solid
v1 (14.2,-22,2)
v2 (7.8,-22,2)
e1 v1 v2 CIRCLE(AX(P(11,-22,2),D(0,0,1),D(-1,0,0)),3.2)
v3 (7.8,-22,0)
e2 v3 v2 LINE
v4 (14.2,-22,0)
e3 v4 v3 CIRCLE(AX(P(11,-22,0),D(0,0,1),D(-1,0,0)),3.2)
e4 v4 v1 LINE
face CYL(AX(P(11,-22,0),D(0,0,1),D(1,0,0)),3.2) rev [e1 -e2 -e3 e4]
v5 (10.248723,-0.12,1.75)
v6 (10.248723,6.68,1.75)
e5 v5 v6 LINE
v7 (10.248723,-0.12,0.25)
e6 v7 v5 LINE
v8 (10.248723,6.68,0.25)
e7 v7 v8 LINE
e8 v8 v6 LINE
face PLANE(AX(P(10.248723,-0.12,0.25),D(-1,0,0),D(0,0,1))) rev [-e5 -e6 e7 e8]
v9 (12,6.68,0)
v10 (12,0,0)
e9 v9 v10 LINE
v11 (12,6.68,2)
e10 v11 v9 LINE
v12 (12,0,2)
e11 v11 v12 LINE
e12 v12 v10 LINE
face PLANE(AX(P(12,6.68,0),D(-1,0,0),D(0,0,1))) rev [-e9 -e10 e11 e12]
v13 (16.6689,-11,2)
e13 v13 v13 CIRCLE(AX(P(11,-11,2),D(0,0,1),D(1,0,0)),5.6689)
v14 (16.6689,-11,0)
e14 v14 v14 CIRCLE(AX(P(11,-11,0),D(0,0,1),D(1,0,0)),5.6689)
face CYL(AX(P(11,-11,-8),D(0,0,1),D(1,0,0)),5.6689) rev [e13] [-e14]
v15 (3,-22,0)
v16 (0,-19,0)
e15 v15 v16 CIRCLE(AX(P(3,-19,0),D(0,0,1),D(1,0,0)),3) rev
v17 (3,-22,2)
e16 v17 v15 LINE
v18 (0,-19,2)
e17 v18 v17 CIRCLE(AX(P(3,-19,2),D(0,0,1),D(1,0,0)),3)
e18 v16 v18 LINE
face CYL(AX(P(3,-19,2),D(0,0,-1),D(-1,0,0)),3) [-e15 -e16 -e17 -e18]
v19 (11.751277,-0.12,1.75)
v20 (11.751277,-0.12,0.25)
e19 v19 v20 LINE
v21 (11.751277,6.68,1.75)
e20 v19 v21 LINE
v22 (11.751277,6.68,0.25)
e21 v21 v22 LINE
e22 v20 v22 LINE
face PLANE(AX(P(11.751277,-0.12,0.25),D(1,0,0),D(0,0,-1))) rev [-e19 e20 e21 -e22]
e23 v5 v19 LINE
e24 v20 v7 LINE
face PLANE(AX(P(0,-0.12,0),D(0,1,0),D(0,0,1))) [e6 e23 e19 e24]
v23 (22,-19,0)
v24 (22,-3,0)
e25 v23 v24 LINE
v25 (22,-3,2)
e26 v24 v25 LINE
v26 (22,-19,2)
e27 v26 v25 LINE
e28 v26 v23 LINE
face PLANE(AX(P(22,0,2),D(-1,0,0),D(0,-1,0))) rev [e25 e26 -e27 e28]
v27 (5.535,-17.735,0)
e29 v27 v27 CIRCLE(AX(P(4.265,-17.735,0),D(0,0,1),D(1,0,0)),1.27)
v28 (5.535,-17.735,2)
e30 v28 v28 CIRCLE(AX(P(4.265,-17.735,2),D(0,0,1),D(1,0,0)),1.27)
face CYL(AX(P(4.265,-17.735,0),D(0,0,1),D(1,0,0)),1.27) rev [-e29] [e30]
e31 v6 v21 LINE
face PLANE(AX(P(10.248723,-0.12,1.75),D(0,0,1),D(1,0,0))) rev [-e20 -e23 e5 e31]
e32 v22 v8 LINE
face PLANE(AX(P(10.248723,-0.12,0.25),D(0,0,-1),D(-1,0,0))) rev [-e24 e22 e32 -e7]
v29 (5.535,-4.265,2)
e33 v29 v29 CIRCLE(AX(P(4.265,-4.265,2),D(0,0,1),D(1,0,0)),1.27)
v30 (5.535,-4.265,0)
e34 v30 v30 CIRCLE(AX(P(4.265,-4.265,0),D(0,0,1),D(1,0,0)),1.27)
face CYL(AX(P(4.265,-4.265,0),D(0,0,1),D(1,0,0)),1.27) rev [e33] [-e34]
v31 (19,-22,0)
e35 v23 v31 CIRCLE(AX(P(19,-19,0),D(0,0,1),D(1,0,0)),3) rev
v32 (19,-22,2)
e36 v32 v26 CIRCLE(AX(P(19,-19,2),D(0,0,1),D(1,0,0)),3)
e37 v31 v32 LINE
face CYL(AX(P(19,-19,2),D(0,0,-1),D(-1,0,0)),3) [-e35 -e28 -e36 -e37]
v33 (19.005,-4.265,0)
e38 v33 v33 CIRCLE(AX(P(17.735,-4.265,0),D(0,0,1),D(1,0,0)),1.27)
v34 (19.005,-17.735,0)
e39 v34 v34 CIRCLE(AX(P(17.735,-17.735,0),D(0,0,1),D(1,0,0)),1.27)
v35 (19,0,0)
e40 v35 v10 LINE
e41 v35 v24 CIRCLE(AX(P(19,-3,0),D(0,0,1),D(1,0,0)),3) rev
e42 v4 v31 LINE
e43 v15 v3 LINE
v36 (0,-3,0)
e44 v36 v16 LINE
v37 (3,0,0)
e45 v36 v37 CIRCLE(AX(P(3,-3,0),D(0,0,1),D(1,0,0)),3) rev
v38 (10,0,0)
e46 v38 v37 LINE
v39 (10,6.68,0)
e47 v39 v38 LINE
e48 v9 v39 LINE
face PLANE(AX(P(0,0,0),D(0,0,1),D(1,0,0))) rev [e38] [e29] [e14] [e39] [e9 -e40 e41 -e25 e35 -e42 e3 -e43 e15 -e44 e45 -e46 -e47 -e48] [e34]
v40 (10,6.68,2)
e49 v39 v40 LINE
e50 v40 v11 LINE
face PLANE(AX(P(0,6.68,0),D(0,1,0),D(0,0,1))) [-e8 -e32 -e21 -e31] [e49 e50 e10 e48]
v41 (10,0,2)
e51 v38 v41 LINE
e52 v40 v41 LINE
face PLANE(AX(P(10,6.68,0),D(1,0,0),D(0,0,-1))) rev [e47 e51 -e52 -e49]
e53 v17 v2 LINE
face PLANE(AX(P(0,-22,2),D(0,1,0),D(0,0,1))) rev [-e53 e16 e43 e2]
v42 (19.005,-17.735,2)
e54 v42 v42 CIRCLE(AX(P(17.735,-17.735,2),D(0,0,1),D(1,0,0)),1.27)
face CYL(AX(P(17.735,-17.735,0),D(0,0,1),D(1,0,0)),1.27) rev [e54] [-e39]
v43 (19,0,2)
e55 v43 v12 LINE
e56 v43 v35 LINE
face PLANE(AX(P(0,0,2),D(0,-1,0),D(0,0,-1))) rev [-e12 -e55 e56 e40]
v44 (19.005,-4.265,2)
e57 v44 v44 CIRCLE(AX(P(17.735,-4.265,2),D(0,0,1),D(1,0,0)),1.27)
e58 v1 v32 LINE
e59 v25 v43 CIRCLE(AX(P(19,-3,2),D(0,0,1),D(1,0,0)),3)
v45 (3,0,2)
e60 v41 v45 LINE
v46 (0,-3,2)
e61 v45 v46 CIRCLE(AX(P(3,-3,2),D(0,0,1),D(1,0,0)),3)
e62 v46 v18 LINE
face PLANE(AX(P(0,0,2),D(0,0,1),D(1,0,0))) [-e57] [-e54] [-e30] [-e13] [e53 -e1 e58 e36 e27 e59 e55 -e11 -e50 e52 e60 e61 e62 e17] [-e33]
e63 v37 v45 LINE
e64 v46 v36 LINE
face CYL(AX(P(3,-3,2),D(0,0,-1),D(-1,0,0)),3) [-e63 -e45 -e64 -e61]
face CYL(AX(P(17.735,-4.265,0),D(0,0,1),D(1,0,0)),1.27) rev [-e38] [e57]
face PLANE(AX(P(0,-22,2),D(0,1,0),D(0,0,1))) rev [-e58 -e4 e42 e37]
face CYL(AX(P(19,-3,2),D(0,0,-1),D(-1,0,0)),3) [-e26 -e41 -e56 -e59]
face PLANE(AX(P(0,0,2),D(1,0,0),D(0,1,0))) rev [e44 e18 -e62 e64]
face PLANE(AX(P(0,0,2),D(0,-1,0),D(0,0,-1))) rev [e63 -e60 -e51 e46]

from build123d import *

# Parameters (mm, degrees)
SKETCH1_W           = 22
SKETCH1_H           = 22
BOSS_EXTRUDE1_DEPTH = 2
FILLET1_R           = 3
SKETCH2_R           = 1.27
CUT_EXTRUDE1_DEPTH  = 32.176914536
CUT_EXTRUDE2_DEPTH  = 32.176914536
SKETCH4_R           = 5.66890013
CUT_EXTRUDE3_DEPTH  = 10
SKETCH5_W           = 2
SKETCH5_H           = 2
BOSS_EXTRUDE2_DEPTH = 6.68
SKETCH6_W           = 1.502554682
SKETCH6_H           = 1.5
CUT_EXTRUDE4_DEPTH  = 6.8


with BuildPart() as part:
    # Sketch1 → Boss-Extrude1 (new body)
    with BuildSketch(Plane.XY):
        with Locations((11, -11)):
            Rectangle(SKETCH1_W, SKETCH1_H)
    extrude(amount=BOSS_EXTRUDE1_DEPTH)

    # Fillet1
    fillet1_edges = [part.edges().sort_by_distance(p)[0] for p in [
        (0, 0, 1),
        (22, 0, 1),
        (22, -22, 1),
        (0, -22, 1),
    ]]
    fillet(fillet1_edges, radius=FILLET1_R)

    # Sketch2 → Cut-Extrude1 (cut, through all)
    with BuildSketch(Plane.XY.offset(2)):
        with Locations((4.265, -4.265)):
            Circle(SKETCH2_R)
        with Locations((4.265, -17.735)):
            Circle(SKETCH2_R)
        with Locations((17.735, -4.265)):
            Circle(SKETCH2_R)
        with Locations((17.735, -17.735)):
            Circle(SKETCH2_R)
    extrude(amount=-CUT_EXTRUDE1_DEPTH, mode=Mode.SUBTRACT)

    # Sketch3 → Cut-Extrude2 (cut, through all)
    with BuildSketch(Plane.XY.offset(2)):
        with BuildLine():
            Line((7.8, -22), (14.2, -22))
            ThreePointArc((14.2, -22), (11, -18.8), (7.8, -22))
        make_face()
    extrude(amount=-CUT_EXTRUDE2_DEPTH, mode=Mode.SUBTRACT)

    # Sketch4 → Cut-Extrude3 (cut)
    with BuildSketch(Plane.XY.offset(2)):
        with Locations((11, -11)):
            Circle(SKETCH4_R)
    extrude(amount=-CUT_EXTRUDE3_DEPTH, mode=Mode.SUBTRACT)

    # Sketch5 → Boss-Extrude2 (add)
    with BuildSketch(Plane(origin=(0, 0, 0), x_dir=(1, 0, 0), z_dir=(0, 1, 0))):
        with Locations((11, -1)):
            Rectangle(SKETCH5_W, SKETCH5_H)
    extrude(amount=BOSS_EXTRUDE2_DEPTH)

    # Sketch6 → Cut-Extrude4 (cut)
    with BuildSketch(Plane(origin=(0, 6.68, 0), x_dir=(1, 0, 0), z_dir=(0, 1, 0))):
        with Locations((11, -1)):
            Rectangle(SKETCH6_W, SKETCH6_H)
    extrude(amount=-CUT_EXTRUDE4_DEPTH, mode=Mode.SUBTRACT)


solid = part.part
